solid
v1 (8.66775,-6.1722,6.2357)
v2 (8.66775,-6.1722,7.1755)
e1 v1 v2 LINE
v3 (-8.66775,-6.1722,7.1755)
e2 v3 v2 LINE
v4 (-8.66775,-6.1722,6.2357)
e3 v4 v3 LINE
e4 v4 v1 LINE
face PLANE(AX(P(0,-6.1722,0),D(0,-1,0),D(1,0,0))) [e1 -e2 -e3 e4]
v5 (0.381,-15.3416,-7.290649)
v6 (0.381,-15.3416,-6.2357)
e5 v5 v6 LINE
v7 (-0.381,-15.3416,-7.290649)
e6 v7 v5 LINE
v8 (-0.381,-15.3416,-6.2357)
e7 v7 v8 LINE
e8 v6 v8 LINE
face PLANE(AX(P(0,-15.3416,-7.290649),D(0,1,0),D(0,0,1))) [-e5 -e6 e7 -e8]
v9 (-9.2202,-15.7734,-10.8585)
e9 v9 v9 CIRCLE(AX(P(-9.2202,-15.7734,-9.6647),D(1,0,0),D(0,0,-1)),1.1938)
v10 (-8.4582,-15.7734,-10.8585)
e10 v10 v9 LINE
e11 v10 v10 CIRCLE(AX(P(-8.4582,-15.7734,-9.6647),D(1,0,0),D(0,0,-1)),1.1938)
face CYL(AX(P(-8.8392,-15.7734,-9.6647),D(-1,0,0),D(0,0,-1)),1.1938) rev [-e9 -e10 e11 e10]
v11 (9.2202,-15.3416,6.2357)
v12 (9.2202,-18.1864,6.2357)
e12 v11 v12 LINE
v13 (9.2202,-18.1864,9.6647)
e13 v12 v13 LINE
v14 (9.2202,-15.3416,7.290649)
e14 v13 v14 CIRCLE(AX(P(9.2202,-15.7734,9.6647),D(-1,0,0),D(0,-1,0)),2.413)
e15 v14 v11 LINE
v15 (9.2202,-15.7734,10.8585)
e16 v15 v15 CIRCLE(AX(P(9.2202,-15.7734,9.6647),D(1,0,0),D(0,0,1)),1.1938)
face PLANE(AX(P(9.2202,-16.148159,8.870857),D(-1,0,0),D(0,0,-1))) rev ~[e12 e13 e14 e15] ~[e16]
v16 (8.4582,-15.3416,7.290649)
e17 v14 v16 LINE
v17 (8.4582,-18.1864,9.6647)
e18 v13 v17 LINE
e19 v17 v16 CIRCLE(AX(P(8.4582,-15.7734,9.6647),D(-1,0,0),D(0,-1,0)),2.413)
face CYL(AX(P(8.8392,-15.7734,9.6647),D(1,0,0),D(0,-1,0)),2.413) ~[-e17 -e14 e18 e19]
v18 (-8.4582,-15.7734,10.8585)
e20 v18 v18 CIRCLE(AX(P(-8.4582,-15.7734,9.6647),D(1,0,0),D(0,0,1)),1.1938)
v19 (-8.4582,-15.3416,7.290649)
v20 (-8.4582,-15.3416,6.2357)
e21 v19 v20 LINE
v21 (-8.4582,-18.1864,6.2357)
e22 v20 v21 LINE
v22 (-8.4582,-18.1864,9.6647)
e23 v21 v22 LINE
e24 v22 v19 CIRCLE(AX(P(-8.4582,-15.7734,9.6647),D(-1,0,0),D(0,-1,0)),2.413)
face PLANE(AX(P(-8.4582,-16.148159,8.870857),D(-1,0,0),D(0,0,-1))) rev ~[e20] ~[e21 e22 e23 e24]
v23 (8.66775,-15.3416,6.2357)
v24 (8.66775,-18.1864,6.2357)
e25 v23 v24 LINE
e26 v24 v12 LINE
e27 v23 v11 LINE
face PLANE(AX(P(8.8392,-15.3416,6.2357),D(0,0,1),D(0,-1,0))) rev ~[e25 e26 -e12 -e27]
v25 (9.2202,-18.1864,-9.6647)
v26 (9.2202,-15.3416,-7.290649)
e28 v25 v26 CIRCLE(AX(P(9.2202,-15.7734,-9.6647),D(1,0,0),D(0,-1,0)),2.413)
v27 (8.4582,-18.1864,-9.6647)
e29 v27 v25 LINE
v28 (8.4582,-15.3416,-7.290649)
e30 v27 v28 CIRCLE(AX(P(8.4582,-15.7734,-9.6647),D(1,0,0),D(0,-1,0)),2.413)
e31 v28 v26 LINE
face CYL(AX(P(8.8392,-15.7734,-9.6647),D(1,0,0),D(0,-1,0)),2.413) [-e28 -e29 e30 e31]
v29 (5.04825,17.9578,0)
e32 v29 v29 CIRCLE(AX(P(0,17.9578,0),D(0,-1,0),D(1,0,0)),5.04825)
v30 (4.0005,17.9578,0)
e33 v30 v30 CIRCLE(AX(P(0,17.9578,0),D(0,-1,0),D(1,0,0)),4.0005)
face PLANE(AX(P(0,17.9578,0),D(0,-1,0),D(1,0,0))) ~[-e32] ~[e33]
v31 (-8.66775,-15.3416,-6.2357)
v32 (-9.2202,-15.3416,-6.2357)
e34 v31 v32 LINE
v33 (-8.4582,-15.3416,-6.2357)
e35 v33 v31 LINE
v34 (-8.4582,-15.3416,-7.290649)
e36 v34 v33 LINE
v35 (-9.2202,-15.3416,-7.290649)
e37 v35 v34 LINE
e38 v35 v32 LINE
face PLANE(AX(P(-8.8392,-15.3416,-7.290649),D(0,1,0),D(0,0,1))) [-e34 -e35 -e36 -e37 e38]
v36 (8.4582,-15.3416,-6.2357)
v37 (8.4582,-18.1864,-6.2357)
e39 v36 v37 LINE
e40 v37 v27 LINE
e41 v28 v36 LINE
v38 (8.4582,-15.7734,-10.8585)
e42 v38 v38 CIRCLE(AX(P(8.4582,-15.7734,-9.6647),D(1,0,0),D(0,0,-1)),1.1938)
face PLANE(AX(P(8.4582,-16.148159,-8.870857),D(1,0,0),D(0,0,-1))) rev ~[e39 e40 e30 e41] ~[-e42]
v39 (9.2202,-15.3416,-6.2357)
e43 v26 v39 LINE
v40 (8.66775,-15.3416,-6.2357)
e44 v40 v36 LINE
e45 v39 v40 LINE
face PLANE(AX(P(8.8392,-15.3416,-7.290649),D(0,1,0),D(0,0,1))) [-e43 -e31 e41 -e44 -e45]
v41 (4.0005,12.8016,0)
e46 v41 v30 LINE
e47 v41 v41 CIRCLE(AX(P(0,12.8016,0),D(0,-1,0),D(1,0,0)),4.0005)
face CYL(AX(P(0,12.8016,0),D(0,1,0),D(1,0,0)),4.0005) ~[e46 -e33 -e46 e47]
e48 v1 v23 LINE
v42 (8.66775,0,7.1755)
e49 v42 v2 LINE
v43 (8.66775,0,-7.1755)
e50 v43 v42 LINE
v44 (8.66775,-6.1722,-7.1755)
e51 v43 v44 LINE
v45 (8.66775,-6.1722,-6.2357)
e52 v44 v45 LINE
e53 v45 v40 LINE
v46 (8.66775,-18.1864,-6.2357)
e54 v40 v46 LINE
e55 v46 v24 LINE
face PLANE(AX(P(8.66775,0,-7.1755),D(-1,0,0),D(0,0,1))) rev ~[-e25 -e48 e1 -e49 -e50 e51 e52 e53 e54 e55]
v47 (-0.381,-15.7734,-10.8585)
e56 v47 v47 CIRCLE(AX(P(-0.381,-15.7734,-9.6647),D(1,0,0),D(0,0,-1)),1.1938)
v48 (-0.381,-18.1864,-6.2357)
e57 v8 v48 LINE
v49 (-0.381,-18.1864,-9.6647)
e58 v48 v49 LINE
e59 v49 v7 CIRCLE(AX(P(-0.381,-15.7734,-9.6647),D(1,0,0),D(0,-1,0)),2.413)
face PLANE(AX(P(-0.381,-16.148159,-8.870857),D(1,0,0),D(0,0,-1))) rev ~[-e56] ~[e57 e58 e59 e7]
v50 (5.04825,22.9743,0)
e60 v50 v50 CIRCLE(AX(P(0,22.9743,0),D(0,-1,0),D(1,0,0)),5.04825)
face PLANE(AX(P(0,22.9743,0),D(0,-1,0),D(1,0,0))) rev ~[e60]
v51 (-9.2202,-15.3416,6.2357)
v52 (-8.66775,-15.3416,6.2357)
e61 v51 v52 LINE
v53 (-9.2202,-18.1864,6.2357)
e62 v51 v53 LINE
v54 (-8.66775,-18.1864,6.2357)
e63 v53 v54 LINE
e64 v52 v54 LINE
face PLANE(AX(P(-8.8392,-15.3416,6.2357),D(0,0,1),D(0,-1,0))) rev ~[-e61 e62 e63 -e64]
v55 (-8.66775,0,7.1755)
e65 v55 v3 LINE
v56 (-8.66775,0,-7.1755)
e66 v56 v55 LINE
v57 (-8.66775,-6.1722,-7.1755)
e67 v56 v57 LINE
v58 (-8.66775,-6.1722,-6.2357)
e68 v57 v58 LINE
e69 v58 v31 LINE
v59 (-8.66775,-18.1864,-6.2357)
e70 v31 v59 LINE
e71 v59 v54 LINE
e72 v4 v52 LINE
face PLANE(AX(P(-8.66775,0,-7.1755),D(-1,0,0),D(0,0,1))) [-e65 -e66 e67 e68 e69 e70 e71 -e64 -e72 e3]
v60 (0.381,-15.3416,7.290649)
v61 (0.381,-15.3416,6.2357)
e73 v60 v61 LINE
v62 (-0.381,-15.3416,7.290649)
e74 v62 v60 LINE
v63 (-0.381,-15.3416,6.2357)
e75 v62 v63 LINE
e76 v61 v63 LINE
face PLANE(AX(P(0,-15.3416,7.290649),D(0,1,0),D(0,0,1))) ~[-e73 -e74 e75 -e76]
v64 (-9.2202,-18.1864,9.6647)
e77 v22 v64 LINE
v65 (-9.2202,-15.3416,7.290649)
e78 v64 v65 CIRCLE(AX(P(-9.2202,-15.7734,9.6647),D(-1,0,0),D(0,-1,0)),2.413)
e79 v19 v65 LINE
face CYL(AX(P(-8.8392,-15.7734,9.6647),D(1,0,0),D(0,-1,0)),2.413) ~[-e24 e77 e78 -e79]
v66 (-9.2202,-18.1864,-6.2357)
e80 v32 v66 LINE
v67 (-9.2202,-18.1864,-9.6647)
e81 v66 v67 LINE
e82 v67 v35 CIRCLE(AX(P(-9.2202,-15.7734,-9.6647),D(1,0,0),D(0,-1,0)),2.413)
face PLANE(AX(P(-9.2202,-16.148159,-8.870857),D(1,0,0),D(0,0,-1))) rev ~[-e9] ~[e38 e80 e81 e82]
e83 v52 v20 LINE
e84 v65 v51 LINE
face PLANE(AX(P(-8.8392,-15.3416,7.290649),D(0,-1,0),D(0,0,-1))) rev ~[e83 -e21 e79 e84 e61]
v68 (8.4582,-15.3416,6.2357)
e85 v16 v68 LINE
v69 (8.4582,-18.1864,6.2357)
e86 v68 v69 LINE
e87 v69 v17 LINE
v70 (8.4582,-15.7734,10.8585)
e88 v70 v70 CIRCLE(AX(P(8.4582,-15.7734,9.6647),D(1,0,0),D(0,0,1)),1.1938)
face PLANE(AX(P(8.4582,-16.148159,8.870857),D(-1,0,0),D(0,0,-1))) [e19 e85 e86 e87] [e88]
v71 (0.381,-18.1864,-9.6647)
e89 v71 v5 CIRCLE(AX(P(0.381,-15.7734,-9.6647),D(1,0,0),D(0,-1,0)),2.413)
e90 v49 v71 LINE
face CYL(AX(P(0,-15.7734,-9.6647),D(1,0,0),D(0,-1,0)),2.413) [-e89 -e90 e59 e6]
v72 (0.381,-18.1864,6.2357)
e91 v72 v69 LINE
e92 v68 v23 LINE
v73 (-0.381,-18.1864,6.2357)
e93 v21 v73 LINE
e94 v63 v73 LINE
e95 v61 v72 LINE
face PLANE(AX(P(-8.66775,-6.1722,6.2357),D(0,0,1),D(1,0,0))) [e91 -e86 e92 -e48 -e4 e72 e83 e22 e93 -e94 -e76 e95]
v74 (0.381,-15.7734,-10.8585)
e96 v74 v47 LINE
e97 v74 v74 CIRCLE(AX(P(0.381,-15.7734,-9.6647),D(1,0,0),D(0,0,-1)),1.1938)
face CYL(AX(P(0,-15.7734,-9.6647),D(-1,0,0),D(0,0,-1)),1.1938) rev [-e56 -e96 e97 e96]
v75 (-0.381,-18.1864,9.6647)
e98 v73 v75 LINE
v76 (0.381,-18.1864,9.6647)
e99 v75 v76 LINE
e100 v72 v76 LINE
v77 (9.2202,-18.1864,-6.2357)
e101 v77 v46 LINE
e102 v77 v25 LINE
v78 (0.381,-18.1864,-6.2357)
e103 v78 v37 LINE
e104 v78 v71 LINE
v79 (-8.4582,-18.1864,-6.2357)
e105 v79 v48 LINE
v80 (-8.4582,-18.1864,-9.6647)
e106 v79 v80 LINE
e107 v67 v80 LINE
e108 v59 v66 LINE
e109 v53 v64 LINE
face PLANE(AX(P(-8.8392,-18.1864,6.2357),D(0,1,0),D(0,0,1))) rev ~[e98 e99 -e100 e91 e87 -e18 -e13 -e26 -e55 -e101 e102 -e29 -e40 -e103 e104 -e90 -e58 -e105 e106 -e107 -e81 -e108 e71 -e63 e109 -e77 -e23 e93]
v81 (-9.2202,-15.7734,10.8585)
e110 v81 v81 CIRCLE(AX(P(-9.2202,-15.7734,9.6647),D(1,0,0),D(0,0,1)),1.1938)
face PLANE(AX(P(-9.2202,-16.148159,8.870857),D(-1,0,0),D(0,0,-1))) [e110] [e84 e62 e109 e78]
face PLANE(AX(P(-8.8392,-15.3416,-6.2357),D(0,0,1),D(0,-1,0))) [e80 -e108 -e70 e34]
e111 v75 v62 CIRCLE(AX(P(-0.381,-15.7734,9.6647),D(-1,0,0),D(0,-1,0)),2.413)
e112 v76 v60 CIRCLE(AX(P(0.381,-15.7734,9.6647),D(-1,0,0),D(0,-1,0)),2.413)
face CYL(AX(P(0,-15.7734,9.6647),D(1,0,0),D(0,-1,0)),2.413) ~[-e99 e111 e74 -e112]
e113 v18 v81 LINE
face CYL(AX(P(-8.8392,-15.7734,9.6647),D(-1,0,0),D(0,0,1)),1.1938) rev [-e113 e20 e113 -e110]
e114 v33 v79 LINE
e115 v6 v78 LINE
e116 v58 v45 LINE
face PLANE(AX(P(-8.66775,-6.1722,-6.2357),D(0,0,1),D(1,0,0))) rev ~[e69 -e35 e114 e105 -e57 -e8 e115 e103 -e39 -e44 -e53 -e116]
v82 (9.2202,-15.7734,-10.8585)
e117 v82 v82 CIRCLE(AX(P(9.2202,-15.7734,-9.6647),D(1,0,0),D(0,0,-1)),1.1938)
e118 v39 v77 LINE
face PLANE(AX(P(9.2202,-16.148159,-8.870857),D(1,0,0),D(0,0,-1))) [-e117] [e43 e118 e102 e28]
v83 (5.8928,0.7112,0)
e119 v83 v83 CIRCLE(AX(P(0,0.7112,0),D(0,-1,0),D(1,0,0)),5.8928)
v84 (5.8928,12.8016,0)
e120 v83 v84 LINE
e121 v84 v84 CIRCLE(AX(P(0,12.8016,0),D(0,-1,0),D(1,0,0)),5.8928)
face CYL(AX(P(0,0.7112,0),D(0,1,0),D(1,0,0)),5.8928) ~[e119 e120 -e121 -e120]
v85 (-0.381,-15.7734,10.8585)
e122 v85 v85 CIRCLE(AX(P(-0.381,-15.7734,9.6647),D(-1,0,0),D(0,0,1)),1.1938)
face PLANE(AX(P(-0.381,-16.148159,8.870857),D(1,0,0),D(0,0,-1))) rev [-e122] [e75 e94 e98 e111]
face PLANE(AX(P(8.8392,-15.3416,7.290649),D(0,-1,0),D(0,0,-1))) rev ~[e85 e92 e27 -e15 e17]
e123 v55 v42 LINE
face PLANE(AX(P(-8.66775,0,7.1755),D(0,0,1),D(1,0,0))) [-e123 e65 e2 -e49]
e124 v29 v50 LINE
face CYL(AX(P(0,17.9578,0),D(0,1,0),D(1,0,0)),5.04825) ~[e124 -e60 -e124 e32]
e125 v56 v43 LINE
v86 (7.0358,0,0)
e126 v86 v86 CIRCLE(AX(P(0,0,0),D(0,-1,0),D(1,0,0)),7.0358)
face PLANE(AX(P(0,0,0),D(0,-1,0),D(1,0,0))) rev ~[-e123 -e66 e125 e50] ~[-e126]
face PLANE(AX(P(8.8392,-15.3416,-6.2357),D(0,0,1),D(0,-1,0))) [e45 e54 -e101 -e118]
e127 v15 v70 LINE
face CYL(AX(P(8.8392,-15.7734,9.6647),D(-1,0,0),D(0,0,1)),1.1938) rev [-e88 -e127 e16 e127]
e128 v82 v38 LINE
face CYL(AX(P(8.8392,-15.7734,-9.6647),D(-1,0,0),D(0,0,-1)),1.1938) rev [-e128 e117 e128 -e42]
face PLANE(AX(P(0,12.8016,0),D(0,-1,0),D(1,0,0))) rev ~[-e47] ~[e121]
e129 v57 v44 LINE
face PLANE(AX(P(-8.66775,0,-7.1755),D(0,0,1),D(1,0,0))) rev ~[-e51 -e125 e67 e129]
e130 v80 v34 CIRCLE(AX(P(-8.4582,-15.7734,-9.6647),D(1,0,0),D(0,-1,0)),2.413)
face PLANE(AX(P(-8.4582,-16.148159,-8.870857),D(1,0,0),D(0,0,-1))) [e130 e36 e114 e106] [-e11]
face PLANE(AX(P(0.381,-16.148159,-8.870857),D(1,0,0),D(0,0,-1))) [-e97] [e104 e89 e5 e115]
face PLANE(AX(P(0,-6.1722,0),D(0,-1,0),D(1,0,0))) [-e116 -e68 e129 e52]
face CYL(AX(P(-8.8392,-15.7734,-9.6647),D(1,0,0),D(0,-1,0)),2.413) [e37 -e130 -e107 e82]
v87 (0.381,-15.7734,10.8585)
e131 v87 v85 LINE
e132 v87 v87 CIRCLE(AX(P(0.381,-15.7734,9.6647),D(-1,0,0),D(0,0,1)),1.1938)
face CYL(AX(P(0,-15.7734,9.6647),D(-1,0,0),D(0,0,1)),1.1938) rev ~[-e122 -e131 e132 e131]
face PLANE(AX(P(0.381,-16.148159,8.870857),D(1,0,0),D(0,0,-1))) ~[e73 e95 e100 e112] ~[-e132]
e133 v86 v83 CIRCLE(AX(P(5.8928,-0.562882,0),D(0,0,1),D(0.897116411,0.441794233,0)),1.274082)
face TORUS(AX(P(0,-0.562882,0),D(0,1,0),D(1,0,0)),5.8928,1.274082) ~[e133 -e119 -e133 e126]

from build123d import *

# Parameters (mm, degrees)
SKETCH2_W               = 17.3355
SKETCH2_H               = 14.351
BOSS_EXTRUDE1_DEPTH     = 6.1722
SKETCH3_W               = 17.3355
SKETCH3_H               = 12.4714
BOSS_EXTRUDE2_DEPTH     = 12.0142
SKETCH4_R               = 1.1938
BOSS_EXTRUDE3_DEPTH     = 0.381
LPATTERN1_COUNT         = 2
LPATTERN1_PITCH         = 8.8392
LPATTERN1_COL_COUNT     = 2
LPATTERN1_COL_PITCH     = 8.8392
MIRROR1_COPY_1_SKETCH_R = 1.1938
MIRROR1_COPY_1_DEPTH    = 0.381
MIRROR1_COPY_2_SKETCH_R = 1.1938
MIRROR1_COPY_2_DEPTH    = 0.381


with BuildPart() as part:
    # Sketch1 → Revolve1 (revolve)
    with BuildSketch(Plane.XY):
        with BuildLine():
            Line((0, 0), (7.0358, 0))
            ThreePointArc((7.0358, 0), (6.5659, 0.518885714), (5.8928, 0.7112))
            Line((5.8928, 0.7112), (5.8928, 12.8016))
            Line((5.8928, 12.8016), (4.0005, 12.8016))
            Line((4.0005, 12.8016), (4.0005, 17.9578))
            Line((4.0005, 17.9578), (5.04825, 17.9578))
            Line((5.04825, 17.9578), (5.04825, 22.9743))
            Line((5.04825, 22.9743), (0, 22.9743))
            Line((0, 22.9743), (0, 0))
        make_face()
    revolve(axis=Axis((0, 17.332868294, 0), (0, -1, 0)))

    # Sketch2 → Boss-Extrude1 (add)
    with BuildSketch(Plane.XZ):
        Rectangle(SKETCH2_W, SKETCH2_H)
    extrude(amount=BOSS_EXTRUDE1_DEPTH)

    # Sketch3 → Boss-Extrude2 (add)
    with BuildSketch(Plane.XZ.offset(6.1722)):
        Rectangle(SKETCH3_W, SKETCH3_H)
    extrude(amount=BOSS_EXTRUDE2_DEPTH)

    # Sketch4 → Boss-Extrude3 (add, symmetric)
    with BuildSketch(Plane(origin=(0, 0, 0), x_dir=(0, 0, -1), z_dir=(1, 0, 0))):
        with BuildLine():
            Line((6.2357, -18.1864), (9.6647, -18.1864))
            ThreePointArc((9.6647, -18.1864), (11.517333585, -14.227334736), (7.290649082, -15.3416))
            Line((7.290649082, -15.3416), (6.2357, -15.3416))
            Line((6.2357, -15.3416), (6.2357, -18.1864))
        make_face()
        with Locations((9.6647, -15.7734)):
            Circle(SKETCH4_R, mode=Mode.SUBTRACT)
    boss_extrude3 = extrude(amount=BOSS_EXTRUDE3_DEPTH, both=True)

    # LPattern1: Boss-Extrude3 ×2
    with Locations(*[(i * LPATTERN1_PITCH, 0, 0) for i in range(1, LPATTERN1_COUNT)]):
        add(boss_extrude3)

    # LPattern1 col: Boss-Extrude3 ×2
    with Locations(*[(-i * LPATTERN1_COL_PITCH, 0, 0) for i in range(1, LPATTERN1_COL_COUNT)]):
        add(boss_extrude3)

    # Mirror1: Boss-Extrude3 across plane
    add(boss_extrude3.mirror(Plane.XY))

    # Mirror1 copy 1 sketch → Mirror1 copy 1 (add, symmetric)
    with BuildSketch(Plane(origin=(8.8392, 0, 0), x_dir=(0, 0, 1), z_dir=(1, 0, 0))):
        with BuildLine():
            Line((6.2357, 18.1864), (9.6647, 18.1864))
            ThreePointArc((9.6647, 18.1864), (11.517333585, 14.227334736), (7.290649082, 15.3416))
            Line((7.290649082, 15.3416), (6.2357, 15.3416))
            Line((6.2357, 15.3416), (6.2357, 18.1864))
        make_face()
        with Locations((9.6647, 15.7734)):
            Circle(MIRROR1_COPY_1_SKETCH_R, mode=Mode.SUBTRACT)
    extrude(amount=MIRROR1_COPY_1_DEPTH, both=True)

    # Mirror1 copy 2 sketch → Mirror1 copy 2 (add, symmetric)
    with BuildSketch(Plane(origin=(-8.8392, 0, 0), x_dir=(0, 0, 1), z_dir=(1, 0, 0))):
        with BuildLine():
            Line((6.2357, 18.1864), (9.6647, 18.1864))
            ThreePointArc((9.6647, 18.1864), (11.517333585, 14.227334736), (7.290649082, 15.3416))
            Line((7.290649082, 15.3416), (6.2357, 15.3416))
            Line((6.2357, 15.3416), (6.2357, 18.1864))
        make_face()
        with Locations((9.6647, 15.7734)):
            Circle(MIRROR1_COPY_2_SKETCH_R, mode=Mode.SUBTRACT)
    extrude(amount=MIRROR1_COPY_2_DEPTH, both=True)


solid = part.part
